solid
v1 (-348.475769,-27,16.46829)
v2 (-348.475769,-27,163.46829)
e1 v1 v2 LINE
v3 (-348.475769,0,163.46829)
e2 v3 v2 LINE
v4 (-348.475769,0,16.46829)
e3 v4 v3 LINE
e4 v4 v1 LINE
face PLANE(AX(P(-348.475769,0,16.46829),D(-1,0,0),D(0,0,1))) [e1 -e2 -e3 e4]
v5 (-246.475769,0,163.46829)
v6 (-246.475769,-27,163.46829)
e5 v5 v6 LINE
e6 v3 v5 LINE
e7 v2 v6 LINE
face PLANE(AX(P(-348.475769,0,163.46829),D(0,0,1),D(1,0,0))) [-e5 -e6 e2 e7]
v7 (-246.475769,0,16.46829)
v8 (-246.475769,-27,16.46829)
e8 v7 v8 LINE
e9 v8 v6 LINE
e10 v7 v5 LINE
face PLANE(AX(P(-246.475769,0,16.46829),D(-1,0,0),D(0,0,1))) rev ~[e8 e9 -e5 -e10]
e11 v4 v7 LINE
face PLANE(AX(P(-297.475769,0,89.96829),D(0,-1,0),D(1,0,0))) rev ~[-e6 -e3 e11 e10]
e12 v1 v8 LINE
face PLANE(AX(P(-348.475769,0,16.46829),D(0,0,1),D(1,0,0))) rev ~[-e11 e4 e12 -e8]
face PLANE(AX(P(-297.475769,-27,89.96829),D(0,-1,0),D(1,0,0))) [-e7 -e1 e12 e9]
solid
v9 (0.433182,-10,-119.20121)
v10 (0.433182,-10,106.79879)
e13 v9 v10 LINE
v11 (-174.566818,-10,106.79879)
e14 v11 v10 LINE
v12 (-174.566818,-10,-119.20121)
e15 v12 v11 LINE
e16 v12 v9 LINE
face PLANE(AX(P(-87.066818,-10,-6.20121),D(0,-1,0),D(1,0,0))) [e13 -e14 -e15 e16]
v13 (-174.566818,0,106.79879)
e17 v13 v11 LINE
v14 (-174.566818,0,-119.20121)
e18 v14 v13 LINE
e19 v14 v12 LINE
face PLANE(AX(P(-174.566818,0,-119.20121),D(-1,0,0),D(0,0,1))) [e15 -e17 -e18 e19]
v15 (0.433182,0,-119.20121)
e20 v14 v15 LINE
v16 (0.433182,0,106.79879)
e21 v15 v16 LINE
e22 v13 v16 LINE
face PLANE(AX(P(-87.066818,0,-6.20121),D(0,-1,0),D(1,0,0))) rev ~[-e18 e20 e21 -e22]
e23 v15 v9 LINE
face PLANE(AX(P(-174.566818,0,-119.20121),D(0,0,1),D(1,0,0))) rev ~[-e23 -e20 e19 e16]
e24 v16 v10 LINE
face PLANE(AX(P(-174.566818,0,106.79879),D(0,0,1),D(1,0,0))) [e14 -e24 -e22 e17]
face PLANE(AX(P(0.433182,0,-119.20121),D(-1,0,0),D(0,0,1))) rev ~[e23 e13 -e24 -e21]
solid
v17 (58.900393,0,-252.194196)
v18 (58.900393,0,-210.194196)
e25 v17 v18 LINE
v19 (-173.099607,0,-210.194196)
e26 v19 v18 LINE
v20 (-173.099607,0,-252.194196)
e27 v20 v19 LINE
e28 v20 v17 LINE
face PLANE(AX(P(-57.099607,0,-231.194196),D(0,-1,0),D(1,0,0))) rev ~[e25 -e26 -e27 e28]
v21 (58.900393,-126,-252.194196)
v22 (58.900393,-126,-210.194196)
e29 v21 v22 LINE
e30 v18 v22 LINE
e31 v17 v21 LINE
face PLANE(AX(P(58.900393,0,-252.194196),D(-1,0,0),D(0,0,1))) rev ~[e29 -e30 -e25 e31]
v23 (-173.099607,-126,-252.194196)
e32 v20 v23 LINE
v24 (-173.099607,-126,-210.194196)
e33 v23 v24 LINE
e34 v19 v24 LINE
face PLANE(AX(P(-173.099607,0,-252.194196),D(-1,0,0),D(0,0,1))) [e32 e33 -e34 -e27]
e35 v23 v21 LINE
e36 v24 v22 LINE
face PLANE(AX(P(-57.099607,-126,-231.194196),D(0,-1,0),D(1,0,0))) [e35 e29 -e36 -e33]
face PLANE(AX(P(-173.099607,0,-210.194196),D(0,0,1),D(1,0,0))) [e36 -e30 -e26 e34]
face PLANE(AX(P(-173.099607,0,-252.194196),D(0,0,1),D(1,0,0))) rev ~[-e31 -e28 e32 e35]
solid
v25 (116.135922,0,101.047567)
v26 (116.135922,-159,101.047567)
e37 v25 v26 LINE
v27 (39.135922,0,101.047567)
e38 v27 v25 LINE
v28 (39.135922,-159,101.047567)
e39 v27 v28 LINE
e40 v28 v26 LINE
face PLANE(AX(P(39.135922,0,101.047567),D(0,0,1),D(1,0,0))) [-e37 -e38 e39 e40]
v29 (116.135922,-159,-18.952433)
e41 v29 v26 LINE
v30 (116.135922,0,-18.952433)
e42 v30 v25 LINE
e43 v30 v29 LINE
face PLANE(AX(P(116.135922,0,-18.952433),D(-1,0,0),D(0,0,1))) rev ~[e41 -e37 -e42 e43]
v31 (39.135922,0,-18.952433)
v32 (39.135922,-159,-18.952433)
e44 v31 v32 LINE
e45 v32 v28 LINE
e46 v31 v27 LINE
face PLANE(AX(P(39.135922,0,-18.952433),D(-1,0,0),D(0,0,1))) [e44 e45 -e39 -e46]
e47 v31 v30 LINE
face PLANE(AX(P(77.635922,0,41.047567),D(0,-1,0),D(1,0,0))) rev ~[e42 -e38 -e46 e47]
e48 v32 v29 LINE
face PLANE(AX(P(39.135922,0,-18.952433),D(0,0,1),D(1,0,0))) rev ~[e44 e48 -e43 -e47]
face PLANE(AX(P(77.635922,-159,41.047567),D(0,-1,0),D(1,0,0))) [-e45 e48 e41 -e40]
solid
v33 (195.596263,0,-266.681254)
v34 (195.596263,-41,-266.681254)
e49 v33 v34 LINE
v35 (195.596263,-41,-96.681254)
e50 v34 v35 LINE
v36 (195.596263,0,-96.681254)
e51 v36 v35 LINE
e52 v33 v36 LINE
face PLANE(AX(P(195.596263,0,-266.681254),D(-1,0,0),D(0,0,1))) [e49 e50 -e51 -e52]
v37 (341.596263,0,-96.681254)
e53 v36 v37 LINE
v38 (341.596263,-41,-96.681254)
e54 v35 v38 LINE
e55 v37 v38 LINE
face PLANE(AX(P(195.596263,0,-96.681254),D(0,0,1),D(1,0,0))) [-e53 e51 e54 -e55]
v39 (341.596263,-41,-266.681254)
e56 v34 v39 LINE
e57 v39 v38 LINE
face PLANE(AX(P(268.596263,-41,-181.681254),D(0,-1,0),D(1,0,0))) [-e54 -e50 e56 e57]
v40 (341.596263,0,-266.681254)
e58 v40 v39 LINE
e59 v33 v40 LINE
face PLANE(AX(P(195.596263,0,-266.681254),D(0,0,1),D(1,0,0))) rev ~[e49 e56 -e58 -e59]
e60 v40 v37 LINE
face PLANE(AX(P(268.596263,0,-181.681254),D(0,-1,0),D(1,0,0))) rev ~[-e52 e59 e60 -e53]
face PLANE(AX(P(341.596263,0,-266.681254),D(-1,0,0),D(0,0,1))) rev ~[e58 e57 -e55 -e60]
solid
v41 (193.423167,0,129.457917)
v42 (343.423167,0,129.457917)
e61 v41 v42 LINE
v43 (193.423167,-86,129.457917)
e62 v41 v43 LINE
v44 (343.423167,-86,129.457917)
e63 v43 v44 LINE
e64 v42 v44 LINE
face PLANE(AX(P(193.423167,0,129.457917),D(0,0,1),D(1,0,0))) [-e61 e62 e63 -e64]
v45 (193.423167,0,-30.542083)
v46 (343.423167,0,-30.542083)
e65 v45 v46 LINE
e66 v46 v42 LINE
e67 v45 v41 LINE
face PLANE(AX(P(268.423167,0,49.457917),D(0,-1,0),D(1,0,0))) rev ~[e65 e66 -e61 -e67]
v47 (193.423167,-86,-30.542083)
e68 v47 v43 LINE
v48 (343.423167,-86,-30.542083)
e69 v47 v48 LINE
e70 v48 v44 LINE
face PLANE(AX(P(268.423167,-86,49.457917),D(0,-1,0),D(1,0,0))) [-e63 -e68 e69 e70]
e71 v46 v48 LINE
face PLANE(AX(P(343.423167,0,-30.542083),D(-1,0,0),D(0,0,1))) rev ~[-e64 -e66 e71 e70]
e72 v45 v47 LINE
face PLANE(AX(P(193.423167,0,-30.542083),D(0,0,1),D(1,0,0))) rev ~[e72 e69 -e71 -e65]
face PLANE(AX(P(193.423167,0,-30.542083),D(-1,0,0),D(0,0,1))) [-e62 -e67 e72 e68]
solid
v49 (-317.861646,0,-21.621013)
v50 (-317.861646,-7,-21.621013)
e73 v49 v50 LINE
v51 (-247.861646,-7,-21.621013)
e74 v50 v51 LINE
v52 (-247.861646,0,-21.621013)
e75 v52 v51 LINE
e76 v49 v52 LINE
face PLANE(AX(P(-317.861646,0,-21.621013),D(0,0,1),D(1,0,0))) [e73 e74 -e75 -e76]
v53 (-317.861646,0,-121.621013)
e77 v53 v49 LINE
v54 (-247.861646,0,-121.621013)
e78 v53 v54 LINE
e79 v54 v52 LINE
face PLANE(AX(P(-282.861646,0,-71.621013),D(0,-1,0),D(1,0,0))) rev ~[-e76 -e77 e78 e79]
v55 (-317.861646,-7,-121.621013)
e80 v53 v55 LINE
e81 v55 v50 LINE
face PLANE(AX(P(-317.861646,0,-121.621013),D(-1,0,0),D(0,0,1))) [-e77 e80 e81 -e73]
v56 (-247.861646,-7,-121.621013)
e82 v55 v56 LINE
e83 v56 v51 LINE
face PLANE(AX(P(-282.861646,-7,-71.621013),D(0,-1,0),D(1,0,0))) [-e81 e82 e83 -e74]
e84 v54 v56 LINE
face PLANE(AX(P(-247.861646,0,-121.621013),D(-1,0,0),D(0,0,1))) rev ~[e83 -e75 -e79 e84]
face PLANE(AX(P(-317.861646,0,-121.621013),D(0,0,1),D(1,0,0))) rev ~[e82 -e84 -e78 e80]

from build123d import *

# Parameters (mm, degrees)
F0_W     = 175
F0_H     = 226
F1_DEPTH = 10
F0_W_2   = 77
F0_H_2   = 120
F2_DEPTH = 159
F0_W_3   = 150
F0_H_3   = 160
F3_DEPTH = 86
F0_W_4   = 232
F0_H_4   = 42
F4_DEPTH = 126
F0_W_5   = 146
F0_H_5   = 170
F5_DEPTH = 41
F0_W_6   = 102
F0_H_6   = 147
F6_DEPTH = 27
F0_W_7   = 70
F0_H_7   = 100
F7_DEPTH = 7


with BuildPart() as f1:
    # F0 (on Front) → F1 (new body)
    with BuildSketch(Plane.XZ):
        with Locations((-87.066818, -6.20121)):
            Rectangle(F0_W, F0_H)
    extrude(amount=F1_DEPTH)


with BuildPart() as f2:
    # F0 (on Front) → F2 (new body)
    with BuildSketch(Plane.XZ):
        with Locations((77.635922, 41.047567)):
            Rectangle(F0_W_2, F0_H_2)
    extrude(amount=F2_DEPTH)


with BuildPart() as f3:
    # F0 (on Front) → F3 (new body)
    with BuildSketch(Plane.XZ):
        with Locations((268.423167, 49.457917)):
            Rectangle(F0_W_3, F0_H_3)
    extrude(amount=F3_DEPTH)


with BuildPart() as f4:
    # F0 (on Front) → F4 (new body)
    with BuildSketch(Plane.XZ):
        with Locations((-57.099607, -231.194196)):
            Rectangle(F0_W_4, F0_H_4)
    extrude(amount=F4_DEPTH)


with BuildPart() as f5:
    # F0 (on Front) → F5 (new body)
    with BuildSketch(Plane.XZ):
        with Locations((268.596263, -181.681254)):
            Rectangle(F0_W_5, F0_H_5)
    extrude(amount=F5_DEPTH)


with BuildPart() as f6:
    # F0 (on Front) → F6 (new body)
    with BuildSketch(Plane.XZ):
        with Locations((-297.475769, 89.96829)):
            Rectangle(F0_W_6, F0_H_6)
    extrude(amount=F6_DEPTH)


with BuildPart() as f7:
    # F0 (on Front) → F7 (new body)
    with BuildSketch(Plane.XZ):
        with Locations((-282.861646, -71.621013)):
            Rectangle(F0_W_7, F0_H_7)
    extrude(amount=F7_DEPTH)


solid = Compound([f1.part, f2.part, f3.part, f4.part, f5.part, f6.part, f7.part])
